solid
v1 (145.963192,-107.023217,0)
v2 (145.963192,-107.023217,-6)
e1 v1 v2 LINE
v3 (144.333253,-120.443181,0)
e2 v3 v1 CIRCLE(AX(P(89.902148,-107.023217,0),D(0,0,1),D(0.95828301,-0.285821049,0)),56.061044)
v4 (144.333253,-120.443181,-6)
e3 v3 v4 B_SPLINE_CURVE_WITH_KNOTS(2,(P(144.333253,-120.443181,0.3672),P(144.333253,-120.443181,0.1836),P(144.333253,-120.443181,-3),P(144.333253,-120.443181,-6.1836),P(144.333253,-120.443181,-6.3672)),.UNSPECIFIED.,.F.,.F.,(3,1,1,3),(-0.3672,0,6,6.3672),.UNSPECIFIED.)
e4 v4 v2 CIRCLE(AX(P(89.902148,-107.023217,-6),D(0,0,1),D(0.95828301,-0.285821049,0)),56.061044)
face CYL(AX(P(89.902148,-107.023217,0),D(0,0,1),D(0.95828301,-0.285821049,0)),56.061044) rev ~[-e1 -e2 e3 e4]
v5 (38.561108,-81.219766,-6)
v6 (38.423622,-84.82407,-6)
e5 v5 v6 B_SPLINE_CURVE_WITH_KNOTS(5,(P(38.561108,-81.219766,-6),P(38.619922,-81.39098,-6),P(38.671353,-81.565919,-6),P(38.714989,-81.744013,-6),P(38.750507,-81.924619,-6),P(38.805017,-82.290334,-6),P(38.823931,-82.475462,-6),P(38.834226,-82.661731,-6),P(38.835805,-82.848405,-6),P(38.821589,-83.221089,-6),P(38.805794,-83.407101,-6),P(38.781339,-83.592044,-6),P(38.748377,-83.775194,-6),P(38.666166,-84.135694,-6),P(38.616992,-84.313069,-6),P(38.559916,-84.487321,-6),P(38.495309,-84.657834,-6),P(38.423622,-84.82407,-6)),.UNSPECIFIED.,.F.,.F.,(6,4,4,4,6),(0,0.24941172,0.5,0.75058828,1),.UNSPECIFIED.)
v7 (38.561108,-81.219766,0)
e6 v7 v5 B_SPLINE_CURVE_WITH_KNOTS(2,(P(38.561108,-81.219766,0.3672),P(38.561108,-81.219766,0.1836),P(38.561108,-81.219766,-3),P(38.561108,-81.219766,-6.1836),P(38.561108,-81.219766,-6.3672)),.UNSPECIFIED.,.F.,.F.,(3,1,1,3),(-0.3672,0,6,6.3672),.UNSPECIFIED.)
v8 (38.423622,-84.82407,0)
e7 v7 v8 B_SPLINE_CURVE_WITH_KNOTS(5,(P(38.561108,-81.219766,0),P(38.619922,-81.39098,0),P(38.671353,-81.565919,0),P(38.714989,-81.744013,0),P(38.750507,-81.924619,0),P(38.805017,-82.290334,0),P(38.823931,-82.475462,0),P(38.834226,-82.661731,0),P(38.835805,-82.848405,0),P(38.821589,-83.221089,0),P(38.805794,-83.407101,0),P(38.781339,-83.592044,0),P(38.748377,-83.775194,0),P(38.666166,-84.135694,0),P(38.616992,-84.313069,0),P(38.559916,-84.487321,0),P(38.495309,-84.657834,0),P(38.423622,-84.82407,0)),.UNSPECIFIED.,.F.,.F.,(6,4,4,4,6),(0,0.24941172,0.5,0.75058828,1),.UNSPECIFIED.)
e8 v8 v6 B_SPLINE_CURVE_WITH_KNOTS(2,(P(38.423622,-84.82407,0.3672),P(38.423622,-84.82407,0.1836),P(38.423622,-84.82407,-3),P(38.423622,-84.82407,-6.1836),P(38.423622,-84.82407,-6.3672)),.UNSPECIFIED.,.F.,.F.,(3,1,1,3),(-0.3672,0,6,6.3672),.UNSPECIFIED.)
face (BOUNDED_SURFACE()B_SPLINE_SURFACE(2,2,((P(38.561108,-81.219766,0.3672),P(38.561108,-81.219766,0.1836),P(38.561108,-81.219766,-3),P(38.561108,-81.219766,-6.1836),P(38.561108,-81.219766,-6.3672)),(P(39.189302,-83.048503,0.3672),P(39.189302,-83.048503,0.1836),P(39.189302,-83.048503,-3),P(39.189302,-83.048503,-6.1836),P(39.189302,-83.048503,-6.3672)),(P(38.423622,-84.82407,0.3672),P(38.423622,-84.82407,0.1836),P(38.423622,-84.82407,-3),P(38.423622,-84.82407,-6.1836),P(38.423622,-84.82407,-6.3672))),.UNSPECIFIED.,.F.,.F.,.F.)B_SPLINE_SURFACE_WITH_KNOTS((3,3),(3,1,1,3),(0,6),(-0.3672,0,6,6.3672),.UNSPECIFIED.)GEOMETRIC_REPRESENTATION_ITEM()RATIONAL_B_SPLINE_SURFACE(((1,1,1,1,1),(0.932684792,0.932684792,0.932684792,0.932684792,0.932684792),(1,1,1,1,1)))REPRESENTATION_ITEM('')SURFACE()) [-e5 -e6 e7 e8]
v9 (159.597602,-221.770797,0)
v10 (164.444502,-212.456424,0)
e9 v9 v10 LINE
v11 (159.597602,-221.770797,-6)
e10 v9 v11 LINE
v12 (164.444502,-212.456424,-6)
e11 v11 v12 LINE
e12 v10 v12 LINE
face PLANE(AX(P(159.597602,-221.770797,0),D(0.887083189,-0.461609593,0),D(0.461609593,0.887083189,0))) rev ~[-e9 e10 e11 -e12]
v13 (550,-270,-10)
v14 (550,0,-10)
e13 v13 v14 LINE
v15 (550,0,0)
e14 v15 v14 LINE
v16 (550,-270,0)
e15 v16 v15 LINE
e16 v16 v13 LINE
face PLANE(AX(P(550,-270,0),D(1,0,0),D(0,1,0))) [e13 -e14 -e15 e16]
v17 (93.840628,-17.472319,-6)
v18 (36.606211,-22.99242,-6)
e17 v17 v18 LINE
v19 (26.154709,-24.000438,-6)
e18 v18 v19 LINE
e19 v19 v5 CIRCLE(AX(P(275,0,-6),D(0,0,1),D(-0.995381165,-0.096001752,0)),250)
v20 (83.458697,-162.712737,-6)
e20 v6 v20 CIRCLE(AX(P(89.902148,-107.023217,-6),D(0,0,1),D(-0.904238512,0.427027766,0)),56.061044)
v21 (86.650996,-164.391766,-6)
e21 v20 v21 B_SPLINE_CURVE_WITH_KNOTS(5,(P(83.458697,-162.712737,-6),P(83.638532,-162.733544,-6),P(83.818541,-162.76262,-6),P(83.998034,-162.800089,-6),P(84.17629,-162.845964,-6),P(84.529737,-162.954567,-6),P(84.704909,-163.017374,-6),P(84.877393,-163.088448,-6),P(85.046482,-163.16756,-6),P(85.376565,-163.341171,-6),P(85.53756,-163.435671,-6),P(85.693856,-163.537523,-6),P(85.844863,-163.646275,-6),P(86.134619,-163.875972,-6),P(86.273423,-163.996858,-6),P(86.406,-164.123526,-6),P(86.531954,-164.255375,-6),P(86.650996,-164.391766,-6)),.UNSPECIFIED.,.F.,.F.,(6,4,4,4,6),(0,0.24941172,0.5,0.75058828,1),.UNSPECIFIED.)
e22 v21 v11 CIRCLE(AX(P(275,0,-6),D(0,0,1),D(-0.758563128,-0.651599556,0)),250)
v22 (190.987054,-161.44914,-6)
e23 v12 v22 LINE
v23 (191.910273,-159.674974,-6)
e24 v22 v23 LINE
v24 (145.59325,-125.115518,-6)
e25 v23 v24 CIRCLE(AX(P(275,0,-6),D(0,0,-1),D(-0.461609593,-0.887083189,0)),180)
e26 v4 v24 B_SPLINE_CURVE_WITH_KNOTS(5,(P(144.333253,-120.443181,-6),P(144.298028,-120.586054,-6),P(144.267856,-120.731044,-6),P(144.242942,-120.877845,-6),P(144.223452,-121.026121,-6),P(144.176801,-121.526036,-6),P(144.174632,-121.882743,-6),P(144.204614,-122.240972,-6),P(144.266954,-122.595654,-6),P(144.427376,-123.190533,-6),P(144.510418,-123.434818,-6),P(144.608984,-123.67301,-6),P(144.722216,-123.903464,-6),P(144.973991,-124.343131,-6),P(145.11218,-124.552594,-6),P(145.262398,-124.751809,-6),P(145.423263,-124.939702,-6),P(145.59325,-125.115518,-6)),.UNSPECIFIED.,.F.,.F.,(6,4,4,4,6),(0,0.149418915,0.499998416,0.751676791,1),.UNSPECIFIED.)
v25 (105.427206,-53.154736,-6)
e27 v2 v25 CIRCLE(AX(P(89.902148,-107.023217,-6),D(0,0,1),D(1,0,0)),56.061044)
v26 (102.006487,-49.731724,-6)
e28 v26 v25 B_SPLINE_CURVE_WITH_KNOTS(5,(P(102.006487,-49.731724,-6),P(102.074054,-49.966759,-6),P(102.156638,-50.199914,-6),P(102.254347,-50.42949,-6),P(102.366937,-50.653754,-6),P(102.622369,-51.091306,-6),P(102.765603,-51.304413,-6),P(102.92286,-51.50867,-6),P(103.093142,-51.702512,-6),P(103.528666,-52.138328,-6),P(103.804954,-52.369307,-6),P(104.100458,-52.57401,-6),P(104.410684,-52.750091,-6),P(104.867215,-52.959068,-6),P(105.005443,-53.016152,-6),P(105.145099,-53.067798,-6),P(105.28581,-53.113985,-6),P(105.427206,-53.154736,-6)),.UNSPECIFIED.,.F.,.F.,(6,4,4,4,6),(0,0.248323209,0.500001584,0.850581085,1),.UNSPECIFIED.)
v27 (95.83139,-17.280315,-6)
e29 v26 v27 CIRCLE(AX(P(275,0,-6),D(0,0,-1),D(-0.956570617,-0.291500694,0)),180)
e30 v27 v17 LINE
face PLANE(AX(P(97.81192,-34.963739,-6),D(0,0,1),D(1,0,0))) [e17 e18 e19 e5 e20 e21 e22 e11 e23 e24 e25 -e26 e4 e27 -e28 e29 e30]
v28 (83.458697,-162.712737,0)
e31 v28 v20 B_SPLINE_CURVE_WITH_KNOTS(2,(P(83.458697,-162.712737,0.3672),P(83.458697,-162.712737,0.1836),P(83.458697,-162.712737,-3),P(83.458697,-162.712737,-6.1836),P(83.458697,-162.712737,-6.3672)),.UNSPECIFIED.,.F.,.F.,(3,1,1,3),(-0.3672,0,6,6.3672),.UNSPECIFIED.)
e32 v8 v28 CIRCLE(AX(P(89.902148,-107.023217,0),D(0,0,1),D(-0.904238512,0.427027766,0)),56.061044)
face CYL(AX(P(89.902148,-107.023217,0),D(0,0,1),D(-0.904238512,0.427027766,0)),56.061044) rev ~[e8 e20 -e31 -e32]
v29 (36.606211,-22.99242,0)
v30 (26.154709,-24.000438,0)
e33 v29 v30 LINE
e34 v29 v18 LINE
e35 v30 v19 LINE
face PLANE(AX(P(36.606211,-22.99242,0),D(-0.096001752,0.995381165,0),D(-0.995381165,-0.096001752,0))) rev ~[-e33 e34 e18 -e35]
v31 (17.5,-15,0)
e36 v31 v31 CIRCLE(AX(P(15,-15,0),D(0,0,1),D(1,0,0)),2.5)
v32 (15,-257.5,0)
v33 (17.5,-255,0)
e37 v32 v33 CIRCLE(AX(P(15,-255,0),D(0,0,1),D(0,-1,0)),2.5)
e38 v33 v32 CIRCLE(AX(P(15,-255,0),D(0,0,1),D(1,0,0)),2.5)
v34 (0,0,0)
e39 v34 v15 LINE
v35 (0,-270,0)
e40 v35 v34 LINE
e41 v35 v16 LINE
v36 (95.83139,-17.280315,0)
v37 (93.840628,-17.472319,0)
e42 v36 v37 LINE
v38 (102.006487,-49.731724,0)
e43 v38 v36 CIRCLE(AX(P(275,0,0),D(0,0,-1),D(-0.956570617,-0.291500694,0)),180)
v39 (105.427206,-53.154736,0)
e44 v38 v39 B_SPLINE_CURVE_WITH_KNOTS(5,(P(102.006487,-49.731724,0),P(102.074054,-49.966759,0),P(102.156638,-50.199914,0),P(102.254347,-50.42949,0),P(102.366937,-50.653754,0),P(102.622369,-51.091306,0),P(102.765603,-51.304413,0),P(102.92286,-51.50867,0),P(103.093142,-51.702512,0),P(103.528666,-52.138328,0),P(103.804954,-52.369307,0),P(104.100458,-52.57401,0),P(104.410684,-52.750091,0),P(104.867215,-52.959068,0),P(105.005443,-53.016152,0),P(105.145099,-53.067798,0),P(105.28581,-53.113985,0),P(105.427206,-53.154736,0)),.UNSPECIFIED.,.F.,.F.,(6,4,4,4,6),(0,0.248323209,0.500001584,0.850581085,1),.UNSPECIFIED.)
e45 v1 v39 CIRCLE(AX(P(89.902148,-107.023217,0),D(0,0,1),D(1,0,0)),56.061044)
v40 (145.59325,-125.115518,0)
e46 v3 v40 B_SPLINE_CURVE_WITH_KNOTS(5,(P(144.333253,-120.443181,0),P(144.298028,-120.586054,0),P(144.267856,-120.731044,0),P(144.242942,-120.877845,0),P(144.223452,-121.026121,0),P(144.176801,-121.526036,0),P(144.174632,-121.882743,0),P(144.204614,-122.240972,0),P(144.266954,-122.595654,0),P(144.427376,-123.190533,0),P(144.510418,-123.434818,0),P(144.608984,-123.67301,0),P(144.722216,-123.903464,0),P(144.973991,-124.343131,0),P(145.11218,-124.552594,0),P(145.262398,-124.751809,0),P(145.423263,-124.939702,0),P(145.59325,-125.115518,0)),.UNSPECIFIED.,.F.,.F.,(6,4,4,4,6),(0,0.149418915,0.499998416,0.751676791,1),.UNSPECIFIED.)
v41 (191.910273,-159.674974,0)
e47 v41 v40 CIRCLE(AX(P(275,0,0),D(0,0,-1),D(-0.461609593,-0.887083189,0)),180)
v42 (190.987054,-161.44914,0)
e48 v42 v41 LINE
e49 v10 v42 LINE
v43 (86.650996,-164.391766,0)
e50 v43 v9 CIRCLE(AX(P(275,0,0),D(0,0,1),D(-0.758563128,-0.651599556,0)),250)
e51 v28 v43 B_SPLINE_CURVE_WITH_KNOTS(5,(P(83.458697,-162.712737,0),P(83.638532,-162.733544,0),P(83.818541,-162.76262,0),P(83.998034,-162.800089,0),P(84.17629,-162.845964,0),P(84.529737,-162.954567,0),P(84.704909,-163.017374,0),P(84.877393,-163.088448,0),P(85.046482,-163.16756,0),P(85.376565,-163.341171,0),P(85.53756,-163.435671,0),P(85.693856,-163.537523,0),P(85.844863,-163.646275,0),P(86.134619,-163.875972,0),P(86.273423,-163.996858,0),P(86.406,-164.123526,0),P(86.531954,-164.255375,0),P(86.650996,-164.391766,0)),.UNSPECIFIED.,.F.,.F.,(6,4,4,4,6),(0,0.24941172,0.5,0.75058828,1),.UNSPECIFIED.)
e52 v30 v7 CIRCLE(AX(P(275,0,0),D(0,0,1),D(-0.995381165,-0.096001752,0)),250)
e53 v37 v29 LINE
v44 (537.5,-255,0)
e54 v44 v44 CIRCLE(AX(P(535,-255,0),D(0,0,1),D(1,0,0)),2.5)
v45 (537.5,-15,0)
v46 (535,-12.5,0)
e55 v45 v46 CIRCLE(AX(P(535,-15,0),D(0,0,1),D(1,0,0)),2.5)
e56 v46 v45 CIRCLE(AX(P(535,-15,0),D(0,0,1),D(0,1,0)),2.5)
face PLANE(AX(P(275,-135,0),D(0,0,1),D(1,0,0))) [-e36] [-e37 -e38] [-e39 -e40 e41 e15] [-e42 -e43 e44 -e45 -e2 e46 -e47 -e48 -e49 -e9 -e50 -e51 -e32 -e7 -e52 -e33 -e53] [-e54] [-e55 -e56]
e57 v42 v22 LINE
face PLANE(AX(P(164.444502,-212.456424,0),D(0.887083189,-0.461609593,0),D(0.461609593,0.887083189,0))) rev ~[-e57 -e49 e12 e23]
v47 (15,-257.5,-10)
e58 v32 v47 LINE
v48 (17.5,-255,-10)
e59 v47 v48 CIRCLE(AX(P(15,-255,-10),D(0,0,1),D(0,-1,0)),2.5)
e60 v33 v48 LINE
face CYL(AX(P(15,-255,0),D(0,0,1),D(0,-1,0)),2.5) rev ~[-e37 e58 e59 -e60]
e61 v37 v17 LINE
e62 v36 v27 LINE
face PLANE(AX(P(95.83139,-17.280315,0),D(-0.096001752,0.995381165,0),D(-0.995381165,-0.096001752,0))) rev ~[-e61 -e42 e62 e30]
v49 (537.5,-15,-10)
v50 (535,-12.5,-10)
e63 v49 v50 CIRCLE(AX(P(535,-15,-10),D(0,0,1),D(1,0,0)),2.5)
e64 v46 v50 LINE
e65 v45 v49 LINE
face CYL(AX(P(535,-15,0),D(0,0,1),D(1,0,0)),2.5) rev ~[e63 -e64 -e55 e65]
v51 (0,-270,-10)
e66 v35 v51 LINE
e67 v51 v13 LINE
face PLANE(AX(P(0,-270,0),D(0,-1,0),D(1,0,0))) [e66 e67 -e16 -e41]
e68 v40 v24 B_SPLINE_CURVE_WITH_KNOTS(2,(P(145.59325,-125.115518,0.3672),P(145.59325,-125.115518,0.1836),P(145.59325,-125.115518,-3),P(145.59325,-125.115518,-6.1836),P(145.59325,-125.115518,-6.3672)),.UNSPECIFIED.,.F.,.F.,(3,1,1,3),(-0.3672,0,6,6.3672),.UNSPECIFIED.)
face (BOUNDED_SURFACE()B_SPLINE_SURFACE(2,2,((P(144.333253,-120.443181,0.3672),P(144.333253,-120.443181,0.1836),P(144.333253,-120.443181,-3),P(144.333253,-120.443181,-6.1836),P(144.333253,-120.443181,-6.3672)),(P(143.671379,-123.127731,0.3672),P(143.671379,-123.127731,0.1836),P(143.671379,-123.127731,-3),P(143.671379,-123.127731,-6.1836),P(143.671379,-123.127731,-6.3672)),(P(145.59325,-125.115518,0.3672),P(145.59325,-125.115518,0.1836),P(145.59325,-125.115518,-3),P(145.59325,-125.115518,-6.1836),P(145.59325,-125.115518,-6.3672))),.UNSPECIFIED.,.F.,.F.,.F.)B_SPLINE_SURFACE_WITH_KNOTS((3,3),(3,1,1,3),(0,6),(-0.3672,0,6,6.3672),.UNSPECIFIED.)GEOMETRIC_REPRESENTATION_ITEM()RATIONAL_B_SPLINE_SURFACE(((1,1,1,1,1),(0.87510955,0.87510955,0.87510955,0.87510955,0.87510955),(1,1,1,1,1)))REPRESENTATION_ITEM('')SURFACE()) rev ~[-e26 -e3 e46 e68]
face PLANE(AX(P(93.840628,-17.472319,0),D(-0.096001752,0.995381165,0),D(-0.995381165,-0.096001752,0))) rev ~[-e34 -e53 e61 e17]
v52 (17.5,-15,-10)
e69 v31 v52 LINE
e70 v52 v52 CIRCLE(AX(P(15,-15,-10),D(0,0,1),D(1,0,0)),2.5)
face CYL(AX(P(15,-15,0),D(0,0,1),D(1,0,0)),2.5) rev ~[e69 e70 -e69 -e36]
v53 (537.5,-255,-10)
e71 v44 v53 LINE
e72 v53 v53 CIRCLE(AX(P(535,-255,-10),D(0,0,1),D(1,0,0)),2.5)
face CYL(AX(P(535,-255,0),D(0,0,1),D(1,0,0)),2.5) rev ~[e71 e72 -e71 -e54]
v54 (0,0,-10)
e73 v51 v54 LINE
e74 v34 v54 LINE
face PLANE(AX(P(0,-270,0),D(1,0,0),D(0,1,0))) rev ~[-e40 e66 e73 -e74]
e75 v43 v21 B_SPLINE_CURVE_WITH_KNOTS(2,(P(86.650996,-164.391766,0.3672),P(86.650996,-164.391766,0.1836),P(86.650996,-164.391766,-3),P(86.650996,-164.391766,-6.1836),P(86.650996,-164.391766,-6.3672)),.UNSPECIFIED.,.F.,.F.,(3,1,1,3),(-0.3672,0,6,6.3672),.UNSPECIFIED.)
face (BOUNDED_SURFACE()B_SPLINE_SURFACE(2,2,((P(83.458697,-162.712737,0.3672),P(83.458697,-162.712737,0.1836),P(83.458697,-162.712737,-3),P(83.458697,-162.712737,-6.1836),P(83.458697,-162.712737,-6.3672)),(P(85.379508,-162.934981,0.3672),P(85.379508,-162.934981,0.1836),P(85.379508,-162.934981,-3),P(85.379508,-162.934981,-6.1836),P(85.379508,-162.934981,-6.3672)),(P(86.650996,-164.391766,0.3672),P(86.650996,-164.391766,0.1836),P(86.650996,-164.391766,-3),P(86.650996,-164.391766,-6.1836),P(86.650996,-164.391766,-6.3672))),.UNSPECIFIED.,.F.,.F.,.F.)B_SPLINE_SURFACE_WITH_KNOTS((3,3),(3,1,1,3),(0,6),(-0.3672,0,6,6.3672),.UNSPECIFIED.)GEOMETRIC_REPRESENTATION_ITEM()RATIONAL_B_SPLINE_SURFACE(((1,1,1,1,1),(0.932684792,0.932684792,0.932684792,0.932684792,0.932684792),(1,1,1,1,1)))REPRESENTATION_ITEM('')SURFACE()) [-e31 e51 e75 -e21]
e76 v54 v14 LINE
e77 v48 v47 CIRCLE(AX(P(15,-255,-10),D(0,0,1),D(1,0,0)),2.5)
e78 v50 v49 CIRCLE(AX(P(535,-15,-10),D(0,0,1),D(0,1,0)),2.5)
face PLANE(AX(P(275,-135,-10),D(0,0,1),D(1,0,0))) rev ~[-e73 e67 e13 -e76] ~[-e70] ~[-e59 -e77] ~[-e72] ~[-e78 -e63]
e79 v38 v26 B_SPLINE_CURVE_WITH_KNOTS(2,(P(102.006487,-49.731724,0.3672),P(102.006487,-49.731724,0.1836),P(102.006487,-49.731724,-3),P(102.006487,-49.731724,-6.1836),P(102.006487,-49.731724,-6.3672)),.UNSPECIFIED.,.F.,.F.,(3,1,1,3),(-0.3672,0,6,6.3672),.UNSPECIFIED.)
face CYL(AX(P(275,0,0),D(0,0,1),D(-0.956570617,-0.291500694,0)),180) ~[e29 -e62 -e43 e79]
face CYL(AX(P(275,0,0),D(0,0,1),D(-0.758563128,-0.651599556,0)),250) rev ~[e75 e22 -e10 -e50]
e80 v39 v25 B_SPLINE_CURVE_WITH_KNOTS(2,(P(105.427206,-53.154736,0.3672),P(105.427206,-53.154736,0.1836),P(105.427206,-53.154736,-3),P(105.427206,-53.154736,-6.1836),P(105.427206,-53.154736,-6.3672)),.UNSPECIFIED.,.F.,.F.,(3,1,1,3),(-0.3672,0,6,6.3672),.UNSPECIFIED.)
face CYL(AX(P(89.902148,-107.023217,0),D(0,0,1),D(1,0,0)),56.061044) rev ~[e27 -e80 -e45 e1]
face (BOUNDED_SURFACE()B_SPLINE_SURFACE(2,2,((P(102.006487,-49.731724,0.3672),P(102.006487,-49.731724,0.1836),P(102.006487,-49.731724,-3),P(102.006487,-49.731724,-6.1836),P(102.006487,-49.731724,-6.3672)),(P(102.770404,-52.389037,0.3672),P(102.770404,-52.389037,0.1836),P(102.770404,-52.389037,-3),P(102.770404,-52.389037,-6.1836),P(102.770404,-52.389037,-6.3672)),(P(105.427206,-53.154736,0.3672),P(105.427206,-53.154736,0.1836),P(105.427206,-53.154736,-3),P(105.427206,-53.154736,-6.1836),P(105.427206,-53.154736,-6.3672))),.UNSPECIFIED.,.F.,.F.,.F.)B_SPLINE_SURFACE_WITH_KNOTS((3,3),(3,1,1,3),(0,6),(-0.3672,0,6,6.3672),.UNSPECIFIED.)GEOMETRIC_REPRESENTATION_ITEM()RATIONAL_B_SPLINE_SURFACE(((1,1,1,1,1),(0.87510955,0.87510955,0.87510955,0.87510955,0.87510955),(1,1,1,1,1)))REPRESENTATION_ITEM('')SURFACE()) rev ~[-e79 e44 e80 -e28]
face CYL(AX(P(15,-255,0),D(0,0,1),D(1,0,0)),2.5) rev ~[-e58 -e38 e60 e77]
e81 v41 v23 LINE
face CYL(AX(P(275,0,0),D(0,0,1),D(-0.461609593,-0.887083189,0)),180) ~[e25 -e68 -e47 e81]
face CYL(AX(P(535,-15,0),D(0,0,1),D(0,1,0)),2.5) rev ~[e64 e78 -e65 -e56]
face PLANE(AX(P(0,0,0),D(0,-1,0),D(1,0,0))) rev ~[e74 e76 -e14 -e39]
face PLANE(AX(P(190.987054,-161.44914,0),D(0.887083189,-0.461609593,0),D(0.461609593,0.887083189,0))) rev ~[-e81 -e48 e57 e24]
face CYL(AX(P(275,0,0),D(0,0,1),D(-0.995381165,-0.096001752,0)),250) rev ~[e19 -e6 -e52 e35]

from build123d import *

# Parameters (mm, degrees)
F0_W     = 550
F0_H     = 270
F1_DEPTH = 10
F3_DEPTH = 6
F2_R     = 2.5
F4_DEPTH = 25
F5_R     = 5


with BuildPart() as f1:
    # F0 (on Top) → F1 (new body)
    with BuildSketch(Plane.XY):
        with Locations((275, -135)):
            Rectangle(F0_W, F0_H)
    extrude(amount=-F1_DEPTH)

    # F2 (on face) → F3 (cut)
    with BuildSketch(Plane.XY):
        with BuildLine():
            ThreePointArc((93.8406279725, -17.4723188671), (96.3763447636, -34.89397928), (100.5834584289, -51.9891337337))
            ThreePointArc((100.5834584289, -51.9891337337), (101.702824577, -52.2182469254), (102.8172889589, -52.4701250099))
            ThreePointArc((102.8172889589, -52.4701250099), (98.4454239564, -35.0497029669), (95.8313903025, -17.2803153631))
            Line((95.8313903025, -17.2803153631), (93.8406279725, -17.4723188671))
        make_face()
        with BuildLine():
            ThreePointArc((36.6062109858, -22.9924196081), (40.2678425285, -47.5506492992), (46.4524007703, -71.5977994519))
            ThreePointArc((46.4524007703, -71.5977994519), (70.8084957225, -54.3138897804), (100.5834584289, -51.9891337337))
            ThreePointArc((100.5834584289, -51.9891337337), (96.3763447636, -34.89397928), (93.8406279725, -17.4723188671))
            Line((93.8406279725, -17.4723188671), (36.6062109858, -22.9924196081))
        make_face()
        with BuildLine():
            ThreePointArc((26.1547087534, -24.0004380043), (30.8880481953, -53.9384370008), (39.2095922874, -83.0835942334))
            ThreePointArc((39.2095922874, -83.0835942334), (42.4819606163, -77.1205988593), (46.4524007703, -71.5977994519))
            ThreePointArc((46.4524007703, -71.5977994519), (40.2678425285, -47.5506492992), (36.6062109858, -22.9924196081))
            Line((36.6062109858, -22.9924196081), (26.1547087534, -24.0004380043))
        make_face()
        with BuildLine():
            ThreePointArc((39.2095922874, -83.0835942334), (41.3696850637, -135.0845918815), (85.359218008, -162.8998889056))
            ThreePointArc((85.359218008, -162.8998889056), (58.5731428007, -125.1375862115), (39.2095922874, -83.0835942334))
        make_face()
        with BuildLine():
            ThreePointArc((39.2095922874, -83.0835942334), (58.5731428007, -125.1375862115), (85.359218008, -162.8998889056))
            ThreePointArc((85.359218008, -162.8998889056), (92.159689712, -163.0387878421), (98.9269281749, -162.353082441))
            ThreePointArc((98.9269281749, -162.353082441), (67.6630708031, -119.8818075906), (46.4524007703, -71.5977994519))
            ThreePointArc((46.4524007703, -71.5977994519), (42.4819606163, -77.1205988593), (39.2095922874, -83.0835942334))
        make_face()
        with BuildLine():
            ThreePointArc((46.4524007703, -71.5977994519), (67.6630708031, -119.8818075906), (98.9269281749, -162.353082441))
            ThreePointArc((98.9269281749, -162.353082441), (126.0574308053, -149.8675419291), (142.9268949098, -125.2225814773))
            ThreePointArc((142.9268949098, -125.2225814773), (117.4412479589, -91.100162762), (100.5834584289, -51.9891337337))
            ThreePointArc((100.5834584289, -51.9891337337), (70.8084957225, -54.3138897804), (46.4524007703, -71.5977994519))
        make_face()
        with BuildLine():
            ThreePointArc((100.5834584289, -51.9891337337), (117.4412479589, -91.100162762), (142.9268949098, -125.2225814773))
            ThreePointArc((142.9268949098, -125.2225814773), (143.2867819227, -124.1381669965), (143.6244940218, -123.0466433063))
            ThreePointArc((143.6244940218, -123.0466433063), (119.1726628165, -90.0990620723), (102.8172889589, -52.4701250099))
            ThreePointArc((102.8172889589, -52.4701250099), (101.702824577, -52.2182469254), (100.5834584289, -51.9891337337))
        make_face()
        with BuildLine():
            ThreePointArc((102.8172889589, -52.4701250099), (119.1726628165, -90.0990620723), (143.6244940218, -123.0466433063))
            ThreePointArc((143.6244940218, -123.0466433063), (145.375436454, -115.11981647), (145.9631920321, -107.023216784))
            ThreePointArc((145.9631920321, -107.023216784), (133.8730301026, -72.2467564476), (102.8172889589, -52.4701250099))
        make_face()
        with BuildLine():
            ThreePointArc((142.9268949098, -125.2225814773), (165.4491613095, -145.3362093293), (190.9870540226, -161.4491403142))
            Line((190.9870540226, -161.4491403142), (191.9102732092, -159.6749739371))
            ThreePointArc((191.9102732092, -159.6749739371), (166.2146946142, -143.4076613439), (143.6244940218, -123.0466433063))
            ThreePointArc((143.6244940218, -123.0466433063), (143.2867819227, -124.1381669965), (142.9268949098, -125.2225814773))
        make_face()
        with BuildLine():
            ThreePointArc((98.9269281749, -162.353082441), (129.5126452175, -190.2463655327), (164.4445024089, -212.4564236553))
            Line((164.4445024089, -212.4564236553), (190.9870540226, -161.4491403142))
            ThreePointArc((190.9870540226, -161.4491403142), (165.4491613095, -145.3362093293), (142.9268949098, -125.2225814773))
            ThreePointArc((142.9268949098, -125.2225814773), (126.0574308053, -149.8675419291), (98.9269281749, -162.353082441))
        make_face()
        with BuildLine():
            ThreePointArc((85.359218008, -162.8998889056), (119.6639725539, -195.884452107), (159.5976016794, -221.7707971349))
            Line((159.5976016794, -221.7707971349), (164.4445024089, -212.4564236553))
            ThreePointArc((164.4445024089, -212.4564236553), (129.5126452175, -190.2463655327), (98.9269281749, -162.353082441))
            ThreePointArc((98.9269281749, -162.353082441), (92.159689712, -163.0387878421), (85.359218008, -162.8998889056))
        make_face()
    extrude(amount=-F3_DEPTH, mode=Mode.SUBTRACT)

    # F2 (on face) → F4 (cut)
    with BuildSketch(Plane.XY):
        with BuildLine():
            ThreePointArc((17.5, -255), (13.232233047, -253.232233047), (15, -257.5))
            ThreePointArc((15, -257.5), (16.767766953, -256.767766953), (17.5, -255))
        make_face()
        with Locations((15, -15)):
            Circle(F2_R)
        with BuildLine():
            ThreePointArc((537.5, -15), (536.767766953, -13.232233047), (535, -12.5))
            ThreePointArc((535, -12.5), (533.232233047, -16.767766953), (537.5, -15))
        make_face()
        with Locations((535, -255)):
            Circle(F2_R)
    extrude(amount=-F4_DEPTH, mode=Mode.SUBTRACT)

    # F5
    f5_edges = [f1.edges().sort_by_distance(p)[0] for p in [
        (102.817289, -52.470125, -3),
        (143.624494, -123.046643, -3),
        (85.359218, -162.899889, -3),
        (39.209592, -83.083594, -3),
    ]]
    fillet(f5_edges, radius=F5_R)


solid = f1.part
